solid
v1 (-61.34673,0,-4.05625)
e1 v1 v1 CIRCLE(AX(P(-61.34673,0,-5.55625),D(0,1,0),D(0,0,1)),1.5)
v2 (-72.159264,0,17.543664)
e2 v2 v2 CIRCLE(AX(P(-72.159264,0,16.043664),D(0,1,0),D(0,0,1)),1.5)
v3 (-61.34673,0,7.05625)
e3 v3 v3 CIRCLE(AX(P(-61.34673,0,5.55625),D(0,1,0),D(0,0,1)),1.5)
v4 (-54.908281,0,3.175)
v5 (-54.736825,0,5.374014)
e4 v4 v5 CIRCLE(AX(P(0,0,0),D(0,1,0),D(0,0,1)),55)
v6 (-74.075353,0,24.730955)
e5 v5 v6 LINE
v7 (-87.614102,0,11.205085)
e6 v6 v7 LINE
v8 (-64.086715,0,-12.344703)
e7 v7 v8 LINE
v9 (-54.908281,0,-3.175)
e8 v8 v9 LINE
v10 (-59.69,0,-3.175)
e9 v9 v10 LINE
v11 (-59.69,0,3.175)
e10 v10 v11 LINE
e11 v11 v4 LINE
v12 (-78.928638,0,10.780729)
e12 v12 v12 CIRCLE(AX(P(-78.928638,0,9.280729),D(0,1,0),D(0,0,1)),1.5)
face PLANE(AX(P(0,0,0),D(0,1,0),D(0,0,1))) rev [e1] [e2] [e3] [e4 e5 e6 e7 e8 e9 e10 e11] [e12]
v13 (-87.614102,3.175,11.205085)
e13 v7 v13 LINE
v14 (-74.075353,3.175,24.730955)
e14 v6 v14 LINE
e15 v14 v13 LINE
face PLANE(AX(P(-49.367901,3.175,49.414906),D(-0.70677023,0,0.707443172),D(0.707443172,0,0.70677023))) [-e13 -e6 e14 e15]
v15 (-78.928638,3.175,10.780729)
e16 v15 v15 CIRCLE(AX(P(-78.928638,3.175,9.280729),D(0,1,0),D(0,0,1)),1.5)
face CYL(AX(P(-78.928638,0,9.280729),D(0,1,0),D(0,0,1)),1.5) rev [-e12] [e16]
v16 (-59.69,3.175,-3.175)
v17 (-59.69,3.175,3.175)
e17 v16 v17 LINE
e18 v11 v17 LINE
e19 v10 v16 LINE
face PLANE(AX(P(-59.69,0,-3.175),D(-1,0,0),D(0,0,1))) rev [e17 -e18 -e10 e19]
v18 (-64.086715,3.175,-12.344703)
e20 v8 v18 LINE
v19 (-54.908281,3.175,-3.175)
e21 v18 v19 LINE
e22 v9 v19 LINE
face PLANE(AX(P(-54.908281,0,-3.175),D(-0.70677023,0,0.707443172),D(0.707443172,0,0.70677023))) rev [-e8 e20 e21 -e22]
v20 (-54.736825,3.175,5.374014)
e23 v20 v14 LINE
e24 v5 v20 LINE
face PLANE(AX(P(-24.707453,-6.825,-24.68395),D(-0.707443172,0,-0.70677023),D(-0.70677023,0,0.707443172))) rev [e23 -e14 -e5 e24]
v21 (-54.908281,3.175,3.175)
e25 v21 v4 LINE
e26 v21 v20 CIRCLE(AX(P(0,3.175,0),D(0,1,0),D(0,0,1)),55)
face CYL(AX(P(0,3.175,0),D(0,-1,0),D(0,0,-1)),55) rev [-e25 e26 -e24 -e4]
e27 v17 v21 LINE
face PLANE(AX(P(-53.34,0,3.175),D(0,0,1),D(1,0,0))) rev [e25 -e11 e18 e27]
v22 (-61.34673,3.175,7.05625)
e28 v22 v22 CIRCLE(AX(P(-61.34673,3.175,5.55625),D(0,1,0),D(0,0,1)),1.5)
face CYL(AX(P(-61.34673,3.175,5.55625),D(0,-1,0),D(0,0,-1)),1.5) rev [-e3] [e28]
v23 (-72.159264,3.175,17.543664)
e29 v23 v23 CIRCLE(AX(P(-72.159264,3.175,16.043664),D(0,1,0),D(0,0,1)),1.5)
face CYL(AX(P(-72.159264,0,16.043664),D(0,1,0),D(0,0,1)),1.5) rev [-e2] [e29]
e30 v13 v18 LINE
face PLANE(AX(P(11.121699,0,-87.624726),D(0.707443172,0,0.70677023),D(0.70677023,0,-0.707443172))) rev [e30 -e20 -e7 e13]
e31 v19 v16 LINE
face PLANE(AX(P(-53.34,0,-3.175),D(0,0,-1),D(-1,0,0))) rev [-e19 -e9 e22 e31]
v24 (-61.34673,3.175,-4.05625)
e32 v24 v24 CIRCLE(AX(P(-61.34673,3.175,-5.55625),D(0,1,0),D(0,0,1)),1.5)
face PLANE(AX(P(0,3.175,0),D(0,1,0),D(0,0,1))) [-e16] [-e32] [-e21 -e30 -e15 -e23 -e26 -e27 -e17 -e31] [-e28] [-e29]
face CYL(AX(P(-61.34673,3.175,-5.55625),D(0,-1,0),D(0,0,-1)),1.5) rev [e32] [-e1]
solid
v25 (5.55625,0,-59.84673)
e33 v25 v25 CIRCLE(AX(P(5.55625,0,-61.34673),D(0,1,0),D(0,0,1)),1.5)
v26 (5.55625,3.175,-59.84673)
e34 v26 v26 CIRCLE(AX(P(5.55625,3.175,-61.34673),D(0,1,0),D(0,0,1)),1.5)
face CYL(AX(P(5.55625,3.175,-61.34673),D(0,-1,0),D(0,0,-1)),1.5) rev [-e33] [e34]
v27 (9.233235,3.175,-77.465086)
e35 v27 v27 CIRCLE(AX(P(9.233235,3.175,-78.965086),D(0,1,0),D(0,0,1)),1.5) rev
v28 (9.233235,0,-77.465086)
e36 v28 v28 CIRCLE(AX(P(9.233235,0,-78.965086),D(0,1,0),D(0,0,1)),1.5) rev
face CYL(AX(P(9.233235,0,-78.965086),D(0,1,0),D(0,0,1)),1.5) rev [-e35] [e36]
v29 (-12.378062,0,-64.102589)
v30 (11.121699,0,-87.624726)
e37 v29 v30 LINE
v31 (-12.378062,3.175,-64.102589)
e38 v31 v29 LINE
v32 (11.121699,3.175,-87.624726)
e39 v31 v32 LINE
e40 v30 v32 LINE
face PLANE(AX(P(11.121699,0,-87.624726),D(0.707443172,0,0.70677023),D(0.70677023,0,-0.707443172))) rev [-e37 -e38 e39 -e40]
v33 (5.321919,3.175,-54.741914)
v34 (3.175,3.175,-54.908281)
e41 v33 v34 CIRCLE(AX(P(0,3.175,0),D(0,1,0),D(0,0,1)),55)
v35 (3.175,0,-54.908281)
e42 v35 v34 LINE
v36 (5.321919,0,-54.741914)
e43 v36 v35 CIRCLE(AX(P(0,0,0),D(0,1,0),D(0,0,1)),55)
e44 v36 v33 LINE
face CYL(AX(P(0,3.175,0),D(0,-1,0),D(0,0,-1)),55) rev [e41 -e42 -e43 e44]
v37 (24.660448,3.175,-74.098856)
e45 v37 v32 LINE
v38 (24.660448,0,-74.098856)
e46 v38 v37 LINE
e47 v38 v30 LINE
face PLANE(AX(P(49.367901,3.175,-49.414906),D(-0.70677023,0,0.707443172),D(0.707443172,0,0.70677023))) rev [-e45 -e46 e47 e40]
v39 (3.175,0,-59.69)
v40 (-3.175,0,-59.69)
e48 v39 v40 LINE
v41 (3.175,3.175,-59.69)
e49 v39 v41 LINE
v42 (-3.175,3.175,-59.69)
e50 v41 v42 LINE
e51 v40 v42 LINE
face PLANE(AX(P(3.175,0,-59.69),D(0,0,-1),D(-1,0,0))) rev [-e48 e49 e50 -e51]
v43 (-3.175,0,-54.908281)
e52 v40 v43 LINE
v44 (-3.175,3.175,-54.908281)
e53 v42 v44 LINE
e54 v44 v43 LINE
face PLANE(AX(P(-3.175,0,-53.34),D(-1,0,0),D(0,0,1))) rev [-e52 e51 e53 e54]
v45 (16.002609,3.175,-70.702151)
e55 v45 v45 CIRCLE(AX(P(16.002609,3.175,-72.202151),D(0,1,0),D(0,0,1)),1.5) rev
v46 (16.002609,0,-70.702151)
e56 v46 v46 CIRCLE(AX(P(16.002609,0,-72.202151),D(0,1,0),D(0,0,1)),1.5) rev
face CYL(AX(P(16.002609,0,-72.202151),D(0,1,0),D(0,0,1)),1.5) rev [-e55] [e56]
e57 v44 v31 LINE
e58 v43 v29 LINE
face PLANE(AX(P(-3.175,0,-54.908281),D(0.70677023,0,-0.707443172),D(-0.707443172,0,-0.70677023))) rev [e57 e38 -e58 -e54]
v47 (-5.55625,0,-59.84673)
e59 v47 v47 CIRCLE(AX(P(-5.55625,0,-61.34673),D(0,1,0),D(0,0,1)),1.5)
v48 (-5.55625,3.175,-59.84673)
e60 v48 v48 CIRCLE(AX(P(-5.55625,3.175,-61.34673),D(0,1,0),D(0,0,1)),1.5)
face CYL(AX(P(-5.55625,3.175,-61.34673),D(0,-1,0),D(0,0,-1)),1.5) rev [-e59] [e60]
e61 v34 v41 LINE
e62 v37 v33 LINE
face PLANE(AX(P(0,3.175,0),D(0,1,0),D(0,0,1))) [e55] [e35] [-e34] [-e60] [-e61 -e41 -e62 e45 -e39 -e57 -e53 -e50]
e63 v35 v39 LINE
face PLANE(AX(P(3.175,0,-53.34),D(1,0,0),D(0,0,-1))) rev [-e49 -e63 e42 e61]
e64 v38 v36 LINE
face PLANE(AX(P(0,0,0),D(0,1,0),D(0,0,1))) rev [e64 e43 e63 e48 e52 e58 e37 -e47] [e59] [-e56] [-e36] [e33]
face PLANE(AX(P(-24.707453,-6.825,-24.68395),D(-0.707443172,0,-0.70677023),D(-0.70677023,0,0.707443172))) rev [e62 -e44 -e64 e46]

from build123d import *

# Parameters (mm, degrees)
SKETCH1_R           = 1.5
SKETCH1_R_2         = 55
BOSS_EXTRUDE1_DEPTH = 3.175
CUT_EXTRUDE3_DEPTH  = 140.736059076
CUT_EXTRUDE4_START  = -10
SKETCH3_R           = 1.5
CUT_EXTRUDE4_DEPTH  = 10
CUT_EXTRUDE5_DEPTH  = 140.736059076
CUT_EXTRUDE6_DEPTH  = 140.736059076
SKETCH6_R           = 1.5
CUT_EXTRUDE7_DEPTH  = 124.953233311


with BuildPart() as part:
    # Sketch1 → Boss-Extrude1 (new body)
    with BuildSketch(Plane(origin=(0, 0, 0), x_dir=(1, 0, 0), z_dir=(0, 1, 0))):
        Polygon((0.047005036, -98.782806148), (-98.782806148, -0.047005036), (-0.047005036, 98.782806148), (98.782806148, 0.047005036), align=None)
        with Locations(Location((-61.346730494, 5.55625, 0), (0, 0, 270))):
            Circle(SKETCH1_R, mode=Mode.SUBTRACT)
        with Locations(Location((-61.346730494, -5.55625, 0), (0, 0, 270))):
            Circle(SKETCH1_R, mode=Mode.SUBTRACT)
        with Locations(Location((-5.55625, -61.346730494, 0), (0, 0, 270))):
            Circle(SKETCH1_R, mode=Mode.SUBTRACT)
        with Locations(Location((5.55625, -61.346730494, 0), (0, 0, 270))):
            Circle(SKETCH1_R, mode=Mode.SUBTRACT)
        with Locations(Location((61.346730494, -5.55625, 0), (0, 0, 270))):
            Circle(SKETCH1_R, mode=Mode.SUBTRACT)
        with Locations(Location((61.346730494, 5.55625, 0), (0, 0, 270))):
            Circle(SKETCH1_R, mode=Mode.SUBTRACT)
        with Locations(Location((5.55625, 61.346730494, 0), (0, 0, 270))):
            Circle(SKETCH1_R, mode=Mode.SUBTRACT)
        with Locations(Location((-5.55625, 61.346730494, 0), (0, 0, 270))):
            Circle(SKETCH1_R, mode=Mode.SUBTRACT)
        with Locations(Location((0, 0, 0), (0, 0, 270))):
            Circle(SKETCH1_R_2, mode=Mode.SUBTRACT)
    extrude(amount=BOSS_EXTRUDE1_DEPTH)

    # Sketch2 → Cut-Extrude3 (cut, through all)
    with BuildSketch(Plane(origin=(0, 3.175, 0), x_dir=(1, 0, 0), z_dir=(0, 1, 0))):
        Polygon((3.175, 53.34), (3.175, 59.69), (-3.175, 59.69), (-3.175, 53.34), (-3.175, 52.244537665), (3.175, 52.244537665), align=None)
        Polygon((53.34, -3.175), (59.69, -3.175), (59.69, 3.175), (53.34, 3.175), (52.244537665, 3.175), (52.244537665, -3.175), align=None)
        Polygon((-3.175, -53.34), (-3.175, -59.69), (3.175, -59.69), (3.175, -53.34), (3.175, -52.244537665), (-3.175, -52.244537665), align=None)
        Polygon((-53.34, 3.175), (-59.69, 3.175), (-59.69, -3.175), (-53.34, -3.175), (-52.244537665, -3.175), (-52.244537665, 3.175), align=None)
    extrude(amount=-CUT_EXTRUDE3_DEPTH, mode=Mode.SUBTRACT)

    # Sketch3 → Cut-Extrude4 (cut)
    # profile 1 of 3: a face of its own
    with BuildSketch(Plane(origin=(0, 3.175, 0), x_dir=(1, 0, 0), z_dir=(0, 1, 0)).offset(CUT_EXTRUDE4_START)):
        with BuildLine():
            Line((38.872362643, 38.909374482), (49.367900556, 49.414905592))
            Line((49.367900556, 49.414905592), (24.66044776, 74.09885587))
            Line((24.66044776, 74.09885587), (5.321919094, 54.741914263))
            ThreePointArc((5.321919094, 54.741914263), (23.472344653, 49.739813394), (38.872362643, 38.909374482))
        make_face()
    # profile 2 of 3: a face of its own
    with BuildSketch(Plane(origin=(0, 3.175, 0), x_dir=(1, 0, 0), z_dir=(0, 1, 0)).offset(CUT_EXTRUDE4_START)):
        with BuildLine():
            Line((-49.367900556, -49.414905592), (-38.872362643, -38.909374482))
            ThreePointArc((-38.872362643, -38.909374482), (-49.717452606, -23.519670626), (-54.736824686, -5.374013707))
            Line((-54.736824686, -5.374013707), (-74.075353352, -24.730955314))
            Line((-74.075353352, -24.730955314), (-49.367900556, -49.414905592))
        make_face()
    # profile 3 of 3: a face of its own
    with BuildSketch(Plane(origin=(0, 3.175, 0), x_dir=(1, 0, 0), z_dir=(0, 1, 0)).offset(CUT_EXTRUDE4_START)):
        with BuildLine():
            Line((98.782806148, 0.047005036), (49.367900556, 49.414905592))
            Line((49.367900556, 49.414905592), (38.872362643, 38.909374482))
            ThreePointArc((38.872362643, 38.909374482), (50.179066182, 22.518022052), (54.908281479, 3.175))
            Line((54.908281479, 3.175), (59.69, 3.175))
            Line((59.69, 3.175), (59.69, -3.175))
            Line((59.69, -3.175), (54.908281479, -3.175))
            ThreePointArc((54.908281479, -3.175), (38.890872965, -38.890872965), (3.175, -54.908281479))
            Line((3.175, -54.908281479), (3.175, -59.69))
            Line((3.175, -59.69), (-3.175, -59.69))
            Line((-3.175, -59.69), (-3.175, -54.908281479))
            ThreePointArc((-3.175, -54.908281479), (-22.494142184, -50.189775527), (-38.872362643, -38.909374482))
            Line((-38.872362643, -38.909374482), (-49.367900556, -49.414905592))
            Line((-49.367900556, -49.414905592), (0.047005036, -98.782806148))
            Line((0.047005036, -98.782806148), (98.782806148, 0.047005036))
        make_face()
        with Locations((-5.55625, -61.346730494)):
            Circle(SKETCH3_R, mode=Mode.SUBTRACT)
        with Locations((5.55625, -61.346730494)):
            Circle(SKETCH3_R, mode=Mode.SUBTRACT)
        with Locations((61.346730494, -5.55625)):
            Circle(SKETCH3_R, mode=Mode.SUBTRACT)
        with Locations((61.346730494, 5.55625)):
            Circle(SKETCH3_R, mode=Mode.SUBTRACT)
    extrude(amount=CUT_EXTRUDE4_DEPTH, mode=Mode.SUBTRACT)

    # Sketch4 → Cut-Extrude5 (cut, through all)
    with BuildSketch(Plane(origin=(0, 3.175, 0), x_dir=(1, 0, 0), z_dir=(0, 1, 0))):
        Polygon((-54.908281479, 3.175), (-75.255419375, 23.502783048), (-23.546766486, 75.260669691), (-3.175, 54.908281479), align=None)
    extrude(amount=-CUT_EXTRUDE5_DEPTH, mode=Mode.SUBTRACT)


with BuildPart() as cut_extrude5_piece_1:
    # of the separate pieces the step leaves, piece 1, a body of its own (cut_extrude5_pieces)
    add(part.part.solids().sort_by_distance((-74.075353352, 0, 24.730955314))[0])


with BuildPart() as cut_extrude5_piece_2:
    # of the separate pieces the step leaves, piece 2, a body of its own (cut_extrude5_pieces)
    add(part.part.solids().sort_by_distance((-3.175, 0, -54.908281479))[0])


with BuildPart() as cut_extrude6_tool:
    # Sketch5 → Cut-Extrude6 (new, through all)
    with BuildSketch(Plane(origin=(0, 3.175, 0), x_dir=(1, 0, 0), z_dir=(0, 1, 0))):
        Polygon((-0.047005036, 98.782806148), (11.121699276, 87.624725864), (-87.614101836, -11.205085321), (-98.782806148, -0.047005036), align=None)
    extrude(amount=-CUT_EXTRUDE6_DEPTH)


with BuildPart() as cut_extrude5_piece_1_1:
    add(cut_extrude5_piece_1.part)

    # Cut-Extrude6: cut by cut_extrude6_tool
    add(cut_extrude6_tool.part, mode=Mode.SUBTRACT)


with BuildPart() as cut_extrude5_piece_2_1:
    add(cut_extrude5_piece_2.part)

    # Cut-Extrude6: cut by cut_extrude6_tool
    add(cut_extrude6_tool.part, mode=Mode.SUBTRACT)


with BuildPart() as cut_extrude7_tool:
    # Sketch6 → Cut-Extrude7 (new, through all)
    with BuildSketch(Plane(origin=(0, 3.175, 0), x_dir=(1, 0, 0), z_dir=(0, 1, 0))):
        with BuildLine():
            ThreePointArc((-73.220428508, -14.983508678), (-73.219419094, -17.104828781), (-71.09809899, -17.103819368))
            Line((-71.09809899, -17.103819368), (-73.220428508, -14.983508678))
        make_face()
        with BuildLine():
            Line((-73.220428508, -14.983508678), (-71.09809899, -17.103819368))
            ThreePointArc((-71.09809899, -17.103819368), (-70.773307917, -16.617359439), (-70.659263749, -16.043664023))
            ThreePointArc((-70.659263749, -16.043664023), (-71.585568332, -14.657708191), (-73.220428508, -14.983508678))
        make_face()
        with BuildLine():
            ThreePointArc((-79.989802749, -8.220573681), (-79.988793336, -10.341893785), (-77.867473232, -10.340884371))
            Line((-77.867473232, -10.340884371), (-79.989802749, -8.220573681))
        make_face()
        with BuildLine():
            Line((-79.989802749, -8.220573681), (-77.867473232, -10.340884371))
            ThreePointArc((-77.867473232, -10.340884371), (-77.542682159, -9.854424443), (-77.428637991, -9.280729026))
            ThreePointArc((-77.428637991, -9.280729026), (-78.354942574, -7.894773194), (-79.989802749, -8.220573681))
        make_face()
        with Locations(Location((16.002609239, 72.202151202, 0), (0, 0, 270))):
            Circle(SKETCH6_R)
        with Locations(Location((9.233234997, 78.965086199, 0), (0, 0, 270))):
            Circle(SKETCH6_R)
    extrude(amount=-CUT_EXTRUDE7_DEPTH)


with BuildPart() as cut_extrude5_piece_1_2:
    add(cut_extrude5_piece_1_1.part)

    # Cut-Extrude7: cut by cut_extrude7_tool
    add(cut_extrude7_tool.part, mode=Mode.SUBTRACT)


with BuildPart() as cut_extrude5_piece_2_2:
    add(cut_extrude5_piece_2_1.part)

    # Cut-Extrude7: cut by cut_extrude7_tool
    add(cut_extrude7_tool.part, mode=Mode.SUBTRACT)


solid = Compound([cut_extrude5_piece_1_2.part, cut_extrude5_piece_2_2.part])
